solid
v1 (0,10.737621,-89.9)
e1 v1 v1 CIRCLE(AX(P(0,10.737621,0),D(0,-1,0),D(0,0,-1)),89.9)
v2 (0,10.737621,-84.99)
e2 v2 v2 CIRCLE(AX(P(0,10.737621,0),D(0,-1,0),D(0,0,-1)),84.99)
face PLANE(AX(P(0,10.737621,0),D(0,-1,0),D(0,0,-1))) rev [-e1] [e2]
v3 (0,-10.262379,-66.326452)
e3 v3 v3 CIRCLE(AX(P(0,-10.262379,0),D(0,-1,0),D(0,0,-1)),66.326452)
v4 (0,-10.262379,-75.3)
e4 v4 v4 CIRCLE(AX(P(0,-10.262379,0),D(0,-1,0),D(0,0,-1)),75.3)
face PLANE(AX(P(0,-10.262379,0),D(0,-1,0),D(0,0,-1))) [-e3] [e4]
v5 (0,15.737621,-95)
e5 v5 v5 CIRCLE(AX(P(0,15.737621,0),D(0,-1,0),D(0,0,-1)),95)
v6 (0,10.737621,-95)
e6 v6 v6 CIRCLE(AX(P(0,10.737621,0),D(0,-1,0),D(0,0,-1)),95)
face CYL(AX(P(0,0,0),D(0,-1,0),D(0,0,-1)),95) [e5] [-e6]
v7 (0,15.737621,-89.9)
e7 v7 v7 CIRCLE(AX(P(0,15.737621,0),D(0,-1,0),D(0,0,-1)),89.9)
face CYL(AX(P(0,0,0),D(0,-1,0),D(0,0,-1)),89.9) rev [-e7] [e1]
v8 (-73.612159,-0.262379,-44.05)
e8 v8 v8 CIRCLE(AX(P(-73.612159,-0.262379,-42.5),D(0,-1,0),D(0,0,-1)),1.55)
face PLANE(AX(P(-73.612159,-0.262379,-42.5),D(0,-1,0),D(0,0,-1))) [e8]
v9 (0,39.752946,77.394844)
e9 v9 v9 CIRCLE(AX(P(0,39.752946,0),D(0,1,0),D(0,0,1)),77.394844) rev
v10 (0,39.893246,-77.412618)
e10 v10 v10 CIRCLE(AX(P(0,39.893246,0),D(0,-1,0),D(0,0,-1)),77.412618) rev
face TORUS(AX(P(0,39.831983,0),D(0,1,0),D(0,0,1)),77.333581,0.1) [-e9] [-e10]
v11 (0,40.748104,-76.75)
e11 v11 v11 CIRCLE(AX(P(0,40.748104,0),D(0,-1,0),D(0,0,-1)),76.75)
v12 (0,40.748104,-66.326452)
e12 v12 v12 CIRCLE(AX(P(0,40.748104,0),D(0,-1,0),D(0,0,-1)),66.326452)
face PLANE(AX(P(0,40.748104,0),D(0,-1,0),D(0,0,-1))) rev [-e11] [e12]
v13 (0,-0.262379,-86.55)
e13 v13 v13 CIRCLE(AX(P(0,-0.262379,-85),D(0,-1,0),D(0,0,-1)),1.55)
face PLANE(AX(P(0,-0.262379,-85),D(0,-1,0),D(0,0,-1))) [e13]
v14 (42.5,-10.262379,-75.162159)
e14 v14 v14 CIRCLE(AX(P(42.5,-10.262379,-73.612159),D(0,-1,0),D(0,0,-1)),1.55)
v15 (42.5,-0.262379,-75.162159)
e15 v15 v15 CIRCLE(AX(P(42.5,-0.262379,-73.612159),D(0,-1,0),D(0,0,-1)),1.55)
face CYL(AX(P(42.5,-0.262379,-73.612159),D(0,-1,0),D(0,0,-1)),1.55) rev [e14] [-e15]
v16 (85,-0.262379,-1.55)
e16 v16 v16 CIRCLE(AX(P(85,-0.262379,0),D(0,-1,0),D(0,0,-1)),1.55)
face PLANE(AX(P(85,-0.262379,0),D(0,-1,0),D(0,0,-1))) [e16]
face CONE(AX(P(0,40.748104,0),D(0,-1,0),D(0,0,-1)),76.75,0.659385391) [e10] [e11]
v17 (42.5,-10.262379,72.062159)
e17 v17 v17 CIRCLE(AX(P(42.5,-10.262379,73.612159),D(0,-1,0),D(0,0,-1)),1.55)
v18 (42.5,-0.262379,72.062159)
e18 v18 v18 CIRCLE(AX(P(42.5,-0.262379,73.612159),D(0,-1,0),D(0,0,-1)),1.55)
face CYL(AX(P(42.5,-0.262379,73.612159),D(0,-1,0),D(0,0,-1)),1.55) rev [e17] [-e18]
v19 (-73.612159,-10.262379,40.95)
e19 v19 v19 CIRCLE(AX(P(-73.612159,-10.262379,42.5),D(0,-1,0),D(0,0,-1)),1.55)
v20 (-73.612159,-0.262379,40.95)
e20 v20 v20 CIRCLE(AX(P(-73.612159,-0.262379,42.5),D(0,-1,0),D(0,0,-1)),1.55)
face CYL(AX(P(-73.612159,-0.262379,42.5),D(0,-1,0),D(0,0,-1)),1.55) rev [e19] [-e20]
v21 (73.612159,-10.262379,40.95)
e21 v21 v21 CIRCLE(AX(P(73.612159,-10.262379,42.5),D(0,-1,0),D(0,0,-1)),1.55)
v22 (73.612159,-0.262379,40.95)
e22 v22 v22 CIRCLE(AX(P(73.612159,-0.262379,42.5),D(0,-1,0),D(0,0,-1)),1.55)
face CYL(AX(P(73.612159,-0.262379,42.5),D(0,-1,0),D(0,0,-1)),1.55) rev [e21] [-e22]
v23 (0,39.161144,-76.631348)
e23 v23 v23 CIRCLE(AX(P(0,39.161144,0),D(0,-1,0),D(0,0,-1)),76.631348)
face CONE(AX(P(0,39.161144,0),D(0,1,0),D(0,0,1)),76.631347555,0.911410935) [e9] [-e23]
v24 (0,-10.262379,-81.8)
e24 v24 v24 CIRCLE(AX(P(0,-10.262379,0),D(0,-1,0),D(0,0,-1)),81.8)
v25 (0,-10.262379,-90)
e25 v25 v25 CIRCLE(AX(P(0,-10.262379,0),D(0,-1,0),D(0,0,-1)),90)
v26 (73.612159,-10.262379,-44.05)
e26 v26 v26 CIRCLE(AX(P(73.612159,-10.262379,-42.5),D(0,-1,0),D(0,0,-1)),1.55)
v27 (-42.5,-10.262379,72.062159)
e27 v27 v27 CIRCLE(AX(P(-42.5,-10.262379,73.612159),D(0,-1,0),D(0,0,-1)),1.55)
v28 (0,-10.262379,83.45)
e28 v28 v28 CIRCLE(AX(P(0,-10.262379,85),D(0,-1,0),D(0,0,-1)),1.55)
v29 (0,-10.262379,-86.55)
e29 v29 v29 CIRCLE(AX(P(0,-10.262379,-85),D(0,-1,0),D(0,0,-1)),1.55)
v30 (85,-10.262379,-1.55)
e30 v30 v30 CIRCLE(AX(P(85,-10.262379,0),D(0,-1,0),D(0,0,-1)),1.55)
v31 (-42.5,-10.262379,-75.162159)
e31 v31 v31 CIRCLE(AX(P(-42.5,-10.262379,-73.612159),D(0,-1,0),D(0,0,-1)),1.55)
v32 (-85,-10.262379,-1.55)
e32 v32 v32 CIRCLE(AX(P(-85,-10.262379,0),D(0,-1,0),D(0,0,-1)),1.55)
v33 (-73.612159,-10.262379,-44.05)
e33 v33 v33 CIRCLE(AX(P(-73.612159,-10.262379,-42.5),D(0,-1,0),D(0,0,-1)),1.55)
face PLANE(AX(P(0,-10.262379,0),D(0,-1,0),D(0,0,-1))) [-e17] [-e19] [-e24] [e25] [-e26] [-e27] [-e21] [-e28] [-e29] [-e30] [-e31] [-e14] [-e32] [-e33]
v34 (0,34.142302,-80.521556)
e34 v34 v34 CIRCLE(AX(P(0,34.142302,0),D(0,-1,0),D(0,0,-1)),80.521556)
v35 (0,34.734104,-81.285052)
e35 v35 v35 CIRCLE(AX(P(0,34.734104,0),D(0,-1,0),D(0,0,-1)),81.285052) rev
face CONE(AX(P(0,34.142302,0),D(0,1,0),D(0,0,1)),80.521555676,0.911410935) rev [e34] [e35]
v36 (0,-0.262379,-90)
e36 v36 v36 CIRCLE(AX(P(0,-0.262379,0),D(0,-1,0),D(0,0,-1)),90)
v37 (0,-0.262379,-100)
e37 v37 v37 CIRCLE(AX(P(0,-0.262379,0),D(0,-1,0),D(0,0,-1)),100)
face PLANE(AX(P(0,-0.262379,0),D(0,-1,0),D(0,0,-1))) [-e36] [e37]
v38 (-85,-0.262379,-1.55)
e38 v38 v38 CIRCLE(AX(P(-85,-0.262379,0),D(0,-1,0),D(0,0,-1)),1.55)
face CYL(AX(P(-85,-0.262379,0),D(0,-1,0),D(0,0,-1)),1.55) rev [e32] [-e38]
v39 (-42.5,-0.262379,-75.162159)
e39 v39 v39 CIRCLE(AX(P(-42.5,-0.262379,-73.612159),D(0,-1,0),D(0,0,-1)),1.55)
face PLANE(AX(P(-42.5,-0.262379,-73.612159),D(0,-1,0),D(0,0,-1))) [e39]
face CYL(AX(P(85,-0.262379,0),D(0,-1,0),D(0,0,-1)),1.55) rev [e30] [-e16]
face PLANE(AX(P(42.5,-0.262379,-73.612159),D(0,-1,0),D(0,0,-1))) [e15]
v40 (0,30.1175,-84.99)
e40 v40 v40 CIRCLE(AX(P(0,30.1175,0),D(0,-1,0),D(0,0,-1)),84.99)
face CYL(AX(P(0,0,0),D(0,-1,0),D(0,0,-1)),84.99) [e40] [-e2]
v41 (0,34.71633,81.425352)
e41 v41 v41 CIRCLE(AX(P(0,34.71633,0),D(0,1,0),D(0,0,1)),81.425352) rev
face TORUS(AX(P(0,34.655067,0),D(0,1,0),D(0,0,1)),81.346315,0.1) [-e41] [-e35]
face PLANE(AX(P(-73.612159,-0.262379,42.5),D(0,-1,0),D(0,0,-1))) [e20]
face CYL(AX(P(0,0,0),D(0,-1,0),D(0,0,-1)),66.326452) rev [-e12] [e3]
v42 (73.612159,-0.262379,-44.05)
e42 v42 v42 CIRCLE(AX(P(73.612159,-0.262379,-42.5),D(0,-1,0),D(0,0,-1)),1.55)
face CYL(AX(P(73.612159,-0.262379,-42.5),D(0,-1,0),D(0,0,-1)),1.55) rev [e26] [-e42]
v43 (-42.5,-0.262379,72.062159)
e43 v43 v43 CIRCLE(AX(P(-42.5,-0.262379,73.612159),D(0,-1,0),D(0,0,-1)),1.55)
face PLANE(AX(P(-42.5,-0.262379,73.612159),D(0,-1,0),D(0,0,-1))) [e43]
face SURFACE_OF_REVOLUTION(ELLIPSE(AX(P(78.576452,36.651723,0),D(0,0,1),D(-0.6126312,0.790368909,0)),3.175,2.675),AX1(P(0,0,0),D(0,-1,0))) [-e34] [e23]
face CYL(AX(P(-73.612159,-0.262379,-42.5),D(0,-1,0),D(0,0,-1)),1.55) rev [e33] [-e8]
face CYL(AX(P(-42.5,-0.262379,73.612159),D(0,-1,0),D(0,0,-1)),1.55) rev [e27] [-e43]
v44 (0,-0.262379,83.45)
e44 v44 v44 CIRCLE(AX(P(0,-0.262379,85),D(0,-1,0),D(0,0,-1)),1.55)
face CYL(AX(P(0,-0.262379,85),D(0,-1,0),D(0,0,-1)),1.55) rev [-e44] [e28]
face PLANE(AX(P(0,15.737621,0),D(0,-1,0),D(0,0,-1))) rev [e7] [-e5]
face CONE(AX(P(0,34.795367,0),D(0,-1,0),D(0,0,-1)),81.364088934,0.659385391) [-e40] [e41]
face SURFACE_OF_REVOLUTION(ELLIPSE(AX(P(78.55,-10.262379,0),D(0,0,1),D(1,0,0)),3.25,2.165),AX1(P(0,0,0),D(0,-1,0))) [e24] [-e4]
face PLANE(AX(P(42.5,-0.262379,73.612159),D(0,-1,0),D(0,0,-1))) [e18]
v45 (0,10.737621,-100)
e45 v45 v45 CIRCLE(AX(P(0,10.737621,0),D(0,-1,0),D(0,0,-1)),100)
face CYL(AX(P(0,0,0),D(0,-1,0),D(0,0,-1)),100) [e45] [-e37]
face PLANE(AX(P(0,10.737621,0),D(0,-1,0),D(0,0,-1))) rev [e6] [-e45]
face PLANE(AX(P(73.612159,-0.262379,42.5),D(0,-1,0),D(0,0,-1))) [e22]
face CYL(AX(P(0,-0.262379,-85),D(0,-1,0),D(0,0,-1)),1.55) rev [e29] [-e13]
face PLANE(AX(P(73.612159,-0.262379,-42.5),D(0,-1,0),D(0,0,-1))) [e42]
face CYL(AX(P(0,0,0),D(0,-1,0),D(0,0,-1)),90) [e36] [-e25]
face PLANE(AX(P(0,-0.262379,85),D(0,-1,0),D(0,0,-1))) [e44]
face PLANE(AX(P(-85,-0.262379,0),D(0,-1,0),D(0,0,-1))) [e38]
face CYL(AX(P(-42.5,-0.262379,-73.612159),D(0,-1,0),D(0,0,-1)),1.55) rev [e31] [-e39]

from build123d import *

# Parameters (mm, degrees)
FILLET2_R          = 0.1
SKETCH2_R          = 1.55
CUT_EXTRUDE1_DEPTH = 10


with BuildPart() as part:
    # Sketch1 → Revolve1 (revolve)
    with BuildSketch(Plane.XY):
        with BuildLine():
            Line((76.75, 40.74810371), (66.326451616, 40.74810371))
            Line((66.326451616, 40.74810371), (66.326451616, -10.262378674))
            Line((66.326451616, -10.262378674), (75.3, -10.262378674))
            add(Edge.make_bspline(
                [(81.8, -10.262378674), (81.8, -8.097378674), (78.55, -8.097378674), (75.3, -8.097378674), (75.3, -10.262378674)],
                knots=[0, 0, 0, 1.570796327, 1.570796327, 3.141592654, 3.141592654, 3.141592654], degree=2, weights=[1, 0.707106781, 1, 0.707106781, 1]))
            Line((81.8, -10.262378674), (90, -10.262378674))
            Line((90, -10.262378674), (90, -0.262378674))
            Line((90, -0.262378674), (100, -0.262378674))
            Line((100, -0.262378674), (100, 10.737621326))
            Line((100, 10.737621326), (95, 10.737621326))
            Line((95, 10.737621326), (95, 15.737621326))
            Line((95, 15.737621326), (89.9, 15.737621326))
            Line((89.9, 15.737621326), (89.9, 10.737621326))
            Line((89.9, 10.737621326), (84.99, 10.737621326))
            Line((84.99, 10.737621326), (84.99, 30.117499507))
            Line((84.99, 30.117499507), (81.364088934, 34.79536667))
            Line((81.364088934, 34.79536667), (80.521555676, 34.142301811))
            add(Edge.make_bspline(
                [(76.631347555, 39.161144384), (74.517110723, 37.522355923), (76.462214784, 35.012934637), (78.407318844, 32.50351335), (80.521555676, 34.142301811)],
                knots=[0, 0, 0, 1.570796327, 1.570796327, 3.141592654, 3.141592654, 3.141592654], degree=2, weights=[1, 0.707106781, 1, 0.707106781, 1]))
            Line((76.631347555, 39.161144384), (77.473880812, 39.814209243))
            Line((77.473880812, 39.814209243), (76.75, 40.74810371))
        make_face()
    revolve(axis=Axis((0, 0, 0), (0, 1, 0)))

    # Fillet2
    fillet2_edges = [part.edges().sort_by_distance(p)[0] for p in [
        (-77.473880812, 39.814209243, 0),
        (-81.364088934, 34.79536667, 0),
    ]]
    fillet(fillet2_edges, radius=FILLET2_R)

    # Sketch2 → Cut-Extrude1 (cut)
    with BuildSketch(Plane.XZ.offset(10.262378674)):
        with Locations((0, 85)):
            Circle(SKETCH2_R)
        with Locations((42.5, 73.612159322)):
            Circle(SKETCH2_R)
        with Locations((73.612159322, 42.5)):
            Circle(SKETCH2_R)
        with Locations((85, 0)):
            Circle(SKETCH2_R)
        with Locations((73.612159322, -42.5)):
            Circle(SKETCH2_R)
        with Locations((42.5, -73.612159322)):
            Circle(SKETCH2_R)
        with Locations((0, -85)):
            Circle(SKETCH2_R)
        with Locations((-42.5, -73.612159322)):
            Circle(SKETCH2_R)
        with Locations((-73.612159322, -42.5)):
            Circle(SKETCH2_R)
        with Locations((-85, 0)):
            Circle(SKETCH2_R)
        with Locations((-73.612159322, 42.5)):
            Circle(SKETCH2_R)
        with Locations((-42.5, 73.612159322)):
            Circle(SKETCH2_R)
    extrude(amount=-CUT_EXTRUDE1_DEPTH, mode=Mode.SUBTRACT)


solid = part.part
